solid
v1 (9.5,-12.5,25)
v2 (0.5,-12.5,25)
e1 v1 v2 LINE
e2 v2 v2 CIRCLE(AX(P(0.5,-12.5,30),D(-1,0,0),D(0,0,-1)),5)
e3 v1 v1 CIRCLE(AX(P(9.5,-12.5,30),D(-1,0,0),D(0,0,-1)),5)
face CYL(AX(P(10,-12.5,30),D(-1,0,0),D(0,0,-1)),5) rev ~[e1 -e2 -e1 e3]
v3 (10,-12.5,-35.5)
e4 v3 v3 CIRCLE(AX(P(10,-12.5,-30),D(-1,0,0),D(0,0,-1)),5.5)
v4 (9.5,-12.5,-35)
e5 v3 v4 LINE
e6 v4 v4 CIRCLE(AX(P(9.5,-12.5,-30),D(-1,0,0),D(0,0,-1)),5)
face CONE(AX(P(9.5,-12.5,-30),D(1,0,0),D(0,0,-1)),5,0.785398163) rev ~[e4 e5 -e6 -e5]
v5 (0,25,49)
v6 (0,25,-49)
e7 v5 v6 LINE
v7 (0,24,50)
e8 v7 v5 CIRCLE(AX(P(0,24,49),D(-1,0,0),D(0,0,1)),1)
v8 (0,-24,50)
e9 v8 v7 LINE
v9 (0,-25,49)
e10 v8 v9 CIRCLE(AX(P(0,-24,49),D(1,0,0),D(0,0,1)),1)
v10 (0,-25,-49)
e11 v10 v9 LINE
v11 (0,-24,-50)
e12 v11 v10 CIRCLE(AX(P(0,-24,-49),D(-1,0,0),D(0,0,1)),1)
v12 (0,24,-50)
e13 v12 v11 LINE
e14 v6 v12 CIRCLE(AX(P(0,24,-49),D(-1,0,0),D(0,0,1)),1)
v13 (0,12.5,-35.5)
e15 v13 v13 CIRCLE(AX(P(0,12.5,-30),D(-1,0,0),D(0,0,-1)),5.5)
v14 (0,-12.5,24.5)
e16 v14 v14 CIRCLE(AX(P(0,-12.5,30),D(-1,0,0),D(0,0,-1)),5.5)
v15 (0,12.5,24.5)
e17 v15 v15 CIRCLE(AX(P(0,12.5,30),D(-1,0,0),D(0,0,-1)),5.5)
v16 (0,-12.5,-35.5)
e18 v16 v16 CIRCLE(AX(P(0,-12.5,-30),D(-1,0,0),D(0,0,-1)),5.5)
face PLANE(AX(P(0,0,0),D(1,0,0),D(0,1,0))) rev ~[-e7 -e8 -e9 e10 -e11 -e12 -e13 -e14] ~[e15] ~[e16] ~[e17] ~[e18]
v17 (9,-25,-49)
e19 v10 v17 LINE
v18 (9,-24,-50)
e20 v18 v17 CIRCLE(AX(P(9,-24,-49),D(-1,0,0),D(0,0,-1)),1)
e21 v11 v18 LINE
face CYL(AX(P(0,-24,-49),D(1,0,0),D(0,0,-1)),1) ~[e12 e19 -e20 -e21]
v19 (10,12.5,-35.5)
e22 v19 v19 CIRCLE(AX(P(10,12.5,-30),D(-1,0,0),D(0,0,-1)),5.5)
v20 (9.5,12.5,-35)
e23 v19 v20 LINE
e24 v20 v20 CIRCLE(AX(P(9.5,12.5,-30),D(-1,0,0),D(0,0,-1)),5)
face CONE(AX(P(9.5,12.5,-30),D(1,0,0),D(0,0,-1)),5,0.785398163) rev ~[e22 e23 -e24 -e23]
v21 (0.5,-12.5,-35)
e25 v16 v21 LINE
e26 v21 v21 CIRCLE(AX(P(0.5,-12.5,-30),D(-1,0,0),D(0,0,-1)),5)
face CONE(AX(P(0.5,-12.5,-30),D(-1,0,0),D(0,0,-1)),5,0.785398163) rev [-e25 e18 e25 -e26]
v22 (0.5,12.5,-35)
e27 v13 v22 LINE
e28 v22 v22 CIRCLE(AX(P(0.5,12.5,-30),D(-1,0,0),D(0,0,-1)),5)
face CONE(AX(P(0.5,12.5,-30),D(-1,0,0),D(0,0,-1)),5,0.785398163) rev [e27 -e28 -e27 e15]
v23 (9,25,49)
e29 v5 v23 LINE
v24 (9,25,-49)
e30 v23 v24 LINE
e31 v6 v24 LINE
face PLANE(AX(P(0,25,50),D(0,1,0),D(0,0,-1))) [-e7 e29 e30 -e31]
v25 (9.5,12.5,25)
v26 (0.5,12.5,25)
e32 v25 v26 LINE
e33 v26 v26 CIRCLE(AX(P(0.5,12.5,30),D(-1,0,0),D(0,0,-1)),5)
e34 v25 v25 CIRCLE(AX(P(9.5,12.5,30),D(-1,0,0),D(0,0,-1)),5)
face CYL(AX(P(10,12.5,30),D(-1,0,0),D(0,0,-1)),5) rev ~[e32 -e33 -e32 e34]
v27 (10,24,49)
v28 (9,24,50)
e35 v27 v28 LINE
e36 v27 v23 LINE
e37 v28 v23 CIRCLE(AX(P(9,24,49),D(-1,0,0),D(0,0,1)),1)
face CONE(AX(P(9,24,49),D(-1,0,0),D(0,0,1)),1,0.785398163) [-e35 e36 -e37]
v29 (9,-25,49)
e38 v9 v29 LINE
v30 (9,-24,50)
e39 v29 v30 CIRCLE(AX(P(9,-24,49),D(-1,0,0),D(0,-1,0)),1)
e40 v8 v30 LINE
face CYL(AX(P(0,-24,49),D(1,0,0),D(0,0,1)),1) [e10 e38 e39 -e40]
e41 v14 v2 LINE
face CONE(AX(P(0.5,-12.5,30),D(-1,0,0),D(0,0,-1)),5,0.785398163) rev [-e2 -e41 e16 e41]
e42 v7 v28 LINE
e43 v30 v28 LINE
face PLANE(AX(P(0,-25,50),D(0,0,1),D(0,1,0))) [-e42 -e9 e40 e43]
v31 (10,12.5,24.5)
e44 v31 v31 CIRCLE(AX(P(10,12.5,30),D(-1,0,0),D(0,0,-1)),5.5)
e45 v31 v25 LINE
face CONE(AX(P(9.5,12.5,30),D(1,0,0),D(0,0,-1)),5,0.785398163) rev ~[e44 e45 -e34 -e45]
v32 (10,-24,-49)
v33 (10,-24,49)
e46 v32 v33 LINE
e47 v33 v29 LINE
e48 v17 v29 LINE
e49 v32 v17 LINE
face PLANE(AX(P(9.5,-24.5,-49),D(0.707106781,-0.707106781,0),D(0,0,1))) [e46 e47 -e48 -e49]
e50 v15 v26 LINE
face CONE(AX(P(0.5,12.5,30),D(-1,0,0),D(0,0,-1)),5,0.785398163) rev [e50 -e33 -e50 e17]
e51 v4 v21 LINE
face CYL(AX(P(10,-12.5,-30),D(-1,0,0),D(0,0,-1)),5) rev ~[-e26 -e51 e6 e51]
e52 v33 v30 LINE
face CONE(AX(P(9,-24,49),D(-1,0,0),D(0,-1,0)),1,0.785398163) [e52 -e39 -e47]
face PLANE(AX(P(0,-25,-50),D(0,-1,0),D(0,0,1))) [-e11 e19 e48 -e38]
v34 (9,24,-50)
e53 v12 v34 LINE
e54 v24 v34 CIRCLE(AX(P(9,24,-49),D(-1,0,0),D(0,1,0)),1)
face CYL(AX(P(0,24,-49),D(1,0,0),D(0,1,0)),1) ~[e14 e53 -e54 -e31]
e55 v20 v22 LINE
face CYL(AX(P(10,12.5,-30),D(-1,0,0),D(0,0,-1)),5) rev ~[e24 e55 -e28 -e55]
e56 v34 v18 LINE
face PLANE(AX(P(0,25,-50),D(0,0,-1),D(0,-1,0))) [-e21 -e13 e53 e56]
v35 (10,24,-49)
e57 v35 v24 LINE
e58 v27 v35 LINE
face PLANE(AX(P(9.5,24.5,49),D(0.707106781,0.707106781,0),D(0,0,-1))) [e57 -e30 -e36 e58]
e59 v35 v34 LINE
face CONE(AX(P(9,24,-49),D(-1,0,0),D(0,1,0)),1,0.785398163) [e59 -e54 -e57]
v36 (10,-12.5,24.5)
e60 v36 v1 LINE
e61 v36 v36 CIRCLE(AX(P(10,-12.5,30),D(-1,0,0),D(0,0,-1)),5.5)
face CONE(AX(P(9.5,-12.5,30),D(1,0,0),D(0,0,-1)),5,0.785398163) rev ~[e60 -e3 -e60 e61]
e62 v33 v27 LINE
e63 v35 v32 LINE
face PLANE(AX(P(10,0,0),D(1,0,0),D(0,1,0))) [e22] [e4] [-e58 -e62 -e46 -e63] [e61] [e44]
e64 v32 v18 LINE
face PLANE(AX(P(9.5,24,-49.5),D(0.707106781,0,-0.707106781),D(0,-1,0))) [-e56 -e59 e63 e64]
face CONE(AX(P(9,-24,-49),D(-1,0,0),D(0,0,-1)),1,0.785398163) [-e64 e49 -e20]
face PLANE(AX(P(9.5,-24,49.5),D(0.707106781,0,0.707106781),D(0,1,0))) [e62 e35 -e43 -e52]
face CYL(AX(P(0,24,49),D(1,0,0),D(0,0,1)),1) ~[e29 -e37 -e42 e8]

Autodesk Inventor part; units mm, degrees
ref_plane "YZ Plane" through (0, 0, 0) normal (1, 0, 0) x (0, 1, 0)
ref_plane "XZ Plane" through (0, 0, 0) normal (0, 1, 0) x (-1, 0, 0)
ref_plane "XY Plane" through (0, 0, 0) normal (0, 0, 1) x (1, 0, 0)
sketch "草圖1" plane through (0, 0, 0) normal (1, 0, 0) x (0, 1, 0)
  line L0 (-25, 50) -> (25, 50)
  line L1 (25, 50) -> (25, -50)
  line L2 (25, -50) -> (-25, -50)
  line L3 (-25, -50) -> (-25, 50)
  line L4 (-25, 50) -> (25, -50) construction
  line L5 (25, 50) -> (-25, -50) construction
  point P0 (0, 0)
  dimension "d0" = 50
  dimension "d1" = 100
extrude "擠出1" add sketch "草圖1" along normal blind 10
fillet "圓角1" radius 1 4 edges at (5, 25, 50) (5, -25, 50) (5, 25, -50) (5, -25, -50)
chamfer "倒角1" distance 1 angle 45 8 edges at (10, -25, 0) (10, -24.7071, -49.7071) (10, 0, -50) (10, 24.7071, -49.7071) (10, 25, 0) (10, 24.7071, 49.7071) (10, 0, 50) (10, -24.7071, 49.7071)
sketch "草圖2" plane through (10, 0, 0) normal (1, 0, 0) x (0, 0, -1)
  line L0 (-50, 24) -> (-50, -24) projected
  line L1 (49, 25) -> (-49, 25) projected
  line L2 (-30, 24) -> (-30, -24)
  line L3 (50, -24) -> (50, 24) projected
  line L4 (30, -24) -> (30, 24)
  line L5 (30, -12.5) -> (-30, -12.5)
  line L6 (-30, -12.5) -> (-30, 12.5)
  line L7 (-30, 12.5) -> (30, 12.5)
  line L8 (30, 12.5) -> (30, -12.5)
  line L9 (30, -12.5) -> (-30, 12.5) construction
  line L10 (-30, -12.5) -> (30, 12.5) construction
  point P0 (0, 0)
  dimension "d8" = 20
  dimension "d9" = 20
  dimension "d10" = 25
hole "孔1" at (10, 12.5, 30) at (10, -12.5, 30) at (10, 12.5, -30) at (10, -12.5, -30) direction (-1, 0, 0) diameter 10 end through all
thread "螺紋1" size "M10x1.25" class "6H" standard "ANSI Metric M Profile" full length
thread "螺紋2" size "M10x1.5" class "6H" standard "ANSI Metric M Profile" full length
chamfer "倒角2" distance 0.5 angle 45 8 edges at (10, -12.5, -25) (10, 12.5, -25) (10, -12.5, 35) (10, 12.5, 35) (0, -12.5, -25) (0, 12.5, -25) (0, -12.5, 35) (0, 12.5, 35)
properties part number "exercise3-3"
